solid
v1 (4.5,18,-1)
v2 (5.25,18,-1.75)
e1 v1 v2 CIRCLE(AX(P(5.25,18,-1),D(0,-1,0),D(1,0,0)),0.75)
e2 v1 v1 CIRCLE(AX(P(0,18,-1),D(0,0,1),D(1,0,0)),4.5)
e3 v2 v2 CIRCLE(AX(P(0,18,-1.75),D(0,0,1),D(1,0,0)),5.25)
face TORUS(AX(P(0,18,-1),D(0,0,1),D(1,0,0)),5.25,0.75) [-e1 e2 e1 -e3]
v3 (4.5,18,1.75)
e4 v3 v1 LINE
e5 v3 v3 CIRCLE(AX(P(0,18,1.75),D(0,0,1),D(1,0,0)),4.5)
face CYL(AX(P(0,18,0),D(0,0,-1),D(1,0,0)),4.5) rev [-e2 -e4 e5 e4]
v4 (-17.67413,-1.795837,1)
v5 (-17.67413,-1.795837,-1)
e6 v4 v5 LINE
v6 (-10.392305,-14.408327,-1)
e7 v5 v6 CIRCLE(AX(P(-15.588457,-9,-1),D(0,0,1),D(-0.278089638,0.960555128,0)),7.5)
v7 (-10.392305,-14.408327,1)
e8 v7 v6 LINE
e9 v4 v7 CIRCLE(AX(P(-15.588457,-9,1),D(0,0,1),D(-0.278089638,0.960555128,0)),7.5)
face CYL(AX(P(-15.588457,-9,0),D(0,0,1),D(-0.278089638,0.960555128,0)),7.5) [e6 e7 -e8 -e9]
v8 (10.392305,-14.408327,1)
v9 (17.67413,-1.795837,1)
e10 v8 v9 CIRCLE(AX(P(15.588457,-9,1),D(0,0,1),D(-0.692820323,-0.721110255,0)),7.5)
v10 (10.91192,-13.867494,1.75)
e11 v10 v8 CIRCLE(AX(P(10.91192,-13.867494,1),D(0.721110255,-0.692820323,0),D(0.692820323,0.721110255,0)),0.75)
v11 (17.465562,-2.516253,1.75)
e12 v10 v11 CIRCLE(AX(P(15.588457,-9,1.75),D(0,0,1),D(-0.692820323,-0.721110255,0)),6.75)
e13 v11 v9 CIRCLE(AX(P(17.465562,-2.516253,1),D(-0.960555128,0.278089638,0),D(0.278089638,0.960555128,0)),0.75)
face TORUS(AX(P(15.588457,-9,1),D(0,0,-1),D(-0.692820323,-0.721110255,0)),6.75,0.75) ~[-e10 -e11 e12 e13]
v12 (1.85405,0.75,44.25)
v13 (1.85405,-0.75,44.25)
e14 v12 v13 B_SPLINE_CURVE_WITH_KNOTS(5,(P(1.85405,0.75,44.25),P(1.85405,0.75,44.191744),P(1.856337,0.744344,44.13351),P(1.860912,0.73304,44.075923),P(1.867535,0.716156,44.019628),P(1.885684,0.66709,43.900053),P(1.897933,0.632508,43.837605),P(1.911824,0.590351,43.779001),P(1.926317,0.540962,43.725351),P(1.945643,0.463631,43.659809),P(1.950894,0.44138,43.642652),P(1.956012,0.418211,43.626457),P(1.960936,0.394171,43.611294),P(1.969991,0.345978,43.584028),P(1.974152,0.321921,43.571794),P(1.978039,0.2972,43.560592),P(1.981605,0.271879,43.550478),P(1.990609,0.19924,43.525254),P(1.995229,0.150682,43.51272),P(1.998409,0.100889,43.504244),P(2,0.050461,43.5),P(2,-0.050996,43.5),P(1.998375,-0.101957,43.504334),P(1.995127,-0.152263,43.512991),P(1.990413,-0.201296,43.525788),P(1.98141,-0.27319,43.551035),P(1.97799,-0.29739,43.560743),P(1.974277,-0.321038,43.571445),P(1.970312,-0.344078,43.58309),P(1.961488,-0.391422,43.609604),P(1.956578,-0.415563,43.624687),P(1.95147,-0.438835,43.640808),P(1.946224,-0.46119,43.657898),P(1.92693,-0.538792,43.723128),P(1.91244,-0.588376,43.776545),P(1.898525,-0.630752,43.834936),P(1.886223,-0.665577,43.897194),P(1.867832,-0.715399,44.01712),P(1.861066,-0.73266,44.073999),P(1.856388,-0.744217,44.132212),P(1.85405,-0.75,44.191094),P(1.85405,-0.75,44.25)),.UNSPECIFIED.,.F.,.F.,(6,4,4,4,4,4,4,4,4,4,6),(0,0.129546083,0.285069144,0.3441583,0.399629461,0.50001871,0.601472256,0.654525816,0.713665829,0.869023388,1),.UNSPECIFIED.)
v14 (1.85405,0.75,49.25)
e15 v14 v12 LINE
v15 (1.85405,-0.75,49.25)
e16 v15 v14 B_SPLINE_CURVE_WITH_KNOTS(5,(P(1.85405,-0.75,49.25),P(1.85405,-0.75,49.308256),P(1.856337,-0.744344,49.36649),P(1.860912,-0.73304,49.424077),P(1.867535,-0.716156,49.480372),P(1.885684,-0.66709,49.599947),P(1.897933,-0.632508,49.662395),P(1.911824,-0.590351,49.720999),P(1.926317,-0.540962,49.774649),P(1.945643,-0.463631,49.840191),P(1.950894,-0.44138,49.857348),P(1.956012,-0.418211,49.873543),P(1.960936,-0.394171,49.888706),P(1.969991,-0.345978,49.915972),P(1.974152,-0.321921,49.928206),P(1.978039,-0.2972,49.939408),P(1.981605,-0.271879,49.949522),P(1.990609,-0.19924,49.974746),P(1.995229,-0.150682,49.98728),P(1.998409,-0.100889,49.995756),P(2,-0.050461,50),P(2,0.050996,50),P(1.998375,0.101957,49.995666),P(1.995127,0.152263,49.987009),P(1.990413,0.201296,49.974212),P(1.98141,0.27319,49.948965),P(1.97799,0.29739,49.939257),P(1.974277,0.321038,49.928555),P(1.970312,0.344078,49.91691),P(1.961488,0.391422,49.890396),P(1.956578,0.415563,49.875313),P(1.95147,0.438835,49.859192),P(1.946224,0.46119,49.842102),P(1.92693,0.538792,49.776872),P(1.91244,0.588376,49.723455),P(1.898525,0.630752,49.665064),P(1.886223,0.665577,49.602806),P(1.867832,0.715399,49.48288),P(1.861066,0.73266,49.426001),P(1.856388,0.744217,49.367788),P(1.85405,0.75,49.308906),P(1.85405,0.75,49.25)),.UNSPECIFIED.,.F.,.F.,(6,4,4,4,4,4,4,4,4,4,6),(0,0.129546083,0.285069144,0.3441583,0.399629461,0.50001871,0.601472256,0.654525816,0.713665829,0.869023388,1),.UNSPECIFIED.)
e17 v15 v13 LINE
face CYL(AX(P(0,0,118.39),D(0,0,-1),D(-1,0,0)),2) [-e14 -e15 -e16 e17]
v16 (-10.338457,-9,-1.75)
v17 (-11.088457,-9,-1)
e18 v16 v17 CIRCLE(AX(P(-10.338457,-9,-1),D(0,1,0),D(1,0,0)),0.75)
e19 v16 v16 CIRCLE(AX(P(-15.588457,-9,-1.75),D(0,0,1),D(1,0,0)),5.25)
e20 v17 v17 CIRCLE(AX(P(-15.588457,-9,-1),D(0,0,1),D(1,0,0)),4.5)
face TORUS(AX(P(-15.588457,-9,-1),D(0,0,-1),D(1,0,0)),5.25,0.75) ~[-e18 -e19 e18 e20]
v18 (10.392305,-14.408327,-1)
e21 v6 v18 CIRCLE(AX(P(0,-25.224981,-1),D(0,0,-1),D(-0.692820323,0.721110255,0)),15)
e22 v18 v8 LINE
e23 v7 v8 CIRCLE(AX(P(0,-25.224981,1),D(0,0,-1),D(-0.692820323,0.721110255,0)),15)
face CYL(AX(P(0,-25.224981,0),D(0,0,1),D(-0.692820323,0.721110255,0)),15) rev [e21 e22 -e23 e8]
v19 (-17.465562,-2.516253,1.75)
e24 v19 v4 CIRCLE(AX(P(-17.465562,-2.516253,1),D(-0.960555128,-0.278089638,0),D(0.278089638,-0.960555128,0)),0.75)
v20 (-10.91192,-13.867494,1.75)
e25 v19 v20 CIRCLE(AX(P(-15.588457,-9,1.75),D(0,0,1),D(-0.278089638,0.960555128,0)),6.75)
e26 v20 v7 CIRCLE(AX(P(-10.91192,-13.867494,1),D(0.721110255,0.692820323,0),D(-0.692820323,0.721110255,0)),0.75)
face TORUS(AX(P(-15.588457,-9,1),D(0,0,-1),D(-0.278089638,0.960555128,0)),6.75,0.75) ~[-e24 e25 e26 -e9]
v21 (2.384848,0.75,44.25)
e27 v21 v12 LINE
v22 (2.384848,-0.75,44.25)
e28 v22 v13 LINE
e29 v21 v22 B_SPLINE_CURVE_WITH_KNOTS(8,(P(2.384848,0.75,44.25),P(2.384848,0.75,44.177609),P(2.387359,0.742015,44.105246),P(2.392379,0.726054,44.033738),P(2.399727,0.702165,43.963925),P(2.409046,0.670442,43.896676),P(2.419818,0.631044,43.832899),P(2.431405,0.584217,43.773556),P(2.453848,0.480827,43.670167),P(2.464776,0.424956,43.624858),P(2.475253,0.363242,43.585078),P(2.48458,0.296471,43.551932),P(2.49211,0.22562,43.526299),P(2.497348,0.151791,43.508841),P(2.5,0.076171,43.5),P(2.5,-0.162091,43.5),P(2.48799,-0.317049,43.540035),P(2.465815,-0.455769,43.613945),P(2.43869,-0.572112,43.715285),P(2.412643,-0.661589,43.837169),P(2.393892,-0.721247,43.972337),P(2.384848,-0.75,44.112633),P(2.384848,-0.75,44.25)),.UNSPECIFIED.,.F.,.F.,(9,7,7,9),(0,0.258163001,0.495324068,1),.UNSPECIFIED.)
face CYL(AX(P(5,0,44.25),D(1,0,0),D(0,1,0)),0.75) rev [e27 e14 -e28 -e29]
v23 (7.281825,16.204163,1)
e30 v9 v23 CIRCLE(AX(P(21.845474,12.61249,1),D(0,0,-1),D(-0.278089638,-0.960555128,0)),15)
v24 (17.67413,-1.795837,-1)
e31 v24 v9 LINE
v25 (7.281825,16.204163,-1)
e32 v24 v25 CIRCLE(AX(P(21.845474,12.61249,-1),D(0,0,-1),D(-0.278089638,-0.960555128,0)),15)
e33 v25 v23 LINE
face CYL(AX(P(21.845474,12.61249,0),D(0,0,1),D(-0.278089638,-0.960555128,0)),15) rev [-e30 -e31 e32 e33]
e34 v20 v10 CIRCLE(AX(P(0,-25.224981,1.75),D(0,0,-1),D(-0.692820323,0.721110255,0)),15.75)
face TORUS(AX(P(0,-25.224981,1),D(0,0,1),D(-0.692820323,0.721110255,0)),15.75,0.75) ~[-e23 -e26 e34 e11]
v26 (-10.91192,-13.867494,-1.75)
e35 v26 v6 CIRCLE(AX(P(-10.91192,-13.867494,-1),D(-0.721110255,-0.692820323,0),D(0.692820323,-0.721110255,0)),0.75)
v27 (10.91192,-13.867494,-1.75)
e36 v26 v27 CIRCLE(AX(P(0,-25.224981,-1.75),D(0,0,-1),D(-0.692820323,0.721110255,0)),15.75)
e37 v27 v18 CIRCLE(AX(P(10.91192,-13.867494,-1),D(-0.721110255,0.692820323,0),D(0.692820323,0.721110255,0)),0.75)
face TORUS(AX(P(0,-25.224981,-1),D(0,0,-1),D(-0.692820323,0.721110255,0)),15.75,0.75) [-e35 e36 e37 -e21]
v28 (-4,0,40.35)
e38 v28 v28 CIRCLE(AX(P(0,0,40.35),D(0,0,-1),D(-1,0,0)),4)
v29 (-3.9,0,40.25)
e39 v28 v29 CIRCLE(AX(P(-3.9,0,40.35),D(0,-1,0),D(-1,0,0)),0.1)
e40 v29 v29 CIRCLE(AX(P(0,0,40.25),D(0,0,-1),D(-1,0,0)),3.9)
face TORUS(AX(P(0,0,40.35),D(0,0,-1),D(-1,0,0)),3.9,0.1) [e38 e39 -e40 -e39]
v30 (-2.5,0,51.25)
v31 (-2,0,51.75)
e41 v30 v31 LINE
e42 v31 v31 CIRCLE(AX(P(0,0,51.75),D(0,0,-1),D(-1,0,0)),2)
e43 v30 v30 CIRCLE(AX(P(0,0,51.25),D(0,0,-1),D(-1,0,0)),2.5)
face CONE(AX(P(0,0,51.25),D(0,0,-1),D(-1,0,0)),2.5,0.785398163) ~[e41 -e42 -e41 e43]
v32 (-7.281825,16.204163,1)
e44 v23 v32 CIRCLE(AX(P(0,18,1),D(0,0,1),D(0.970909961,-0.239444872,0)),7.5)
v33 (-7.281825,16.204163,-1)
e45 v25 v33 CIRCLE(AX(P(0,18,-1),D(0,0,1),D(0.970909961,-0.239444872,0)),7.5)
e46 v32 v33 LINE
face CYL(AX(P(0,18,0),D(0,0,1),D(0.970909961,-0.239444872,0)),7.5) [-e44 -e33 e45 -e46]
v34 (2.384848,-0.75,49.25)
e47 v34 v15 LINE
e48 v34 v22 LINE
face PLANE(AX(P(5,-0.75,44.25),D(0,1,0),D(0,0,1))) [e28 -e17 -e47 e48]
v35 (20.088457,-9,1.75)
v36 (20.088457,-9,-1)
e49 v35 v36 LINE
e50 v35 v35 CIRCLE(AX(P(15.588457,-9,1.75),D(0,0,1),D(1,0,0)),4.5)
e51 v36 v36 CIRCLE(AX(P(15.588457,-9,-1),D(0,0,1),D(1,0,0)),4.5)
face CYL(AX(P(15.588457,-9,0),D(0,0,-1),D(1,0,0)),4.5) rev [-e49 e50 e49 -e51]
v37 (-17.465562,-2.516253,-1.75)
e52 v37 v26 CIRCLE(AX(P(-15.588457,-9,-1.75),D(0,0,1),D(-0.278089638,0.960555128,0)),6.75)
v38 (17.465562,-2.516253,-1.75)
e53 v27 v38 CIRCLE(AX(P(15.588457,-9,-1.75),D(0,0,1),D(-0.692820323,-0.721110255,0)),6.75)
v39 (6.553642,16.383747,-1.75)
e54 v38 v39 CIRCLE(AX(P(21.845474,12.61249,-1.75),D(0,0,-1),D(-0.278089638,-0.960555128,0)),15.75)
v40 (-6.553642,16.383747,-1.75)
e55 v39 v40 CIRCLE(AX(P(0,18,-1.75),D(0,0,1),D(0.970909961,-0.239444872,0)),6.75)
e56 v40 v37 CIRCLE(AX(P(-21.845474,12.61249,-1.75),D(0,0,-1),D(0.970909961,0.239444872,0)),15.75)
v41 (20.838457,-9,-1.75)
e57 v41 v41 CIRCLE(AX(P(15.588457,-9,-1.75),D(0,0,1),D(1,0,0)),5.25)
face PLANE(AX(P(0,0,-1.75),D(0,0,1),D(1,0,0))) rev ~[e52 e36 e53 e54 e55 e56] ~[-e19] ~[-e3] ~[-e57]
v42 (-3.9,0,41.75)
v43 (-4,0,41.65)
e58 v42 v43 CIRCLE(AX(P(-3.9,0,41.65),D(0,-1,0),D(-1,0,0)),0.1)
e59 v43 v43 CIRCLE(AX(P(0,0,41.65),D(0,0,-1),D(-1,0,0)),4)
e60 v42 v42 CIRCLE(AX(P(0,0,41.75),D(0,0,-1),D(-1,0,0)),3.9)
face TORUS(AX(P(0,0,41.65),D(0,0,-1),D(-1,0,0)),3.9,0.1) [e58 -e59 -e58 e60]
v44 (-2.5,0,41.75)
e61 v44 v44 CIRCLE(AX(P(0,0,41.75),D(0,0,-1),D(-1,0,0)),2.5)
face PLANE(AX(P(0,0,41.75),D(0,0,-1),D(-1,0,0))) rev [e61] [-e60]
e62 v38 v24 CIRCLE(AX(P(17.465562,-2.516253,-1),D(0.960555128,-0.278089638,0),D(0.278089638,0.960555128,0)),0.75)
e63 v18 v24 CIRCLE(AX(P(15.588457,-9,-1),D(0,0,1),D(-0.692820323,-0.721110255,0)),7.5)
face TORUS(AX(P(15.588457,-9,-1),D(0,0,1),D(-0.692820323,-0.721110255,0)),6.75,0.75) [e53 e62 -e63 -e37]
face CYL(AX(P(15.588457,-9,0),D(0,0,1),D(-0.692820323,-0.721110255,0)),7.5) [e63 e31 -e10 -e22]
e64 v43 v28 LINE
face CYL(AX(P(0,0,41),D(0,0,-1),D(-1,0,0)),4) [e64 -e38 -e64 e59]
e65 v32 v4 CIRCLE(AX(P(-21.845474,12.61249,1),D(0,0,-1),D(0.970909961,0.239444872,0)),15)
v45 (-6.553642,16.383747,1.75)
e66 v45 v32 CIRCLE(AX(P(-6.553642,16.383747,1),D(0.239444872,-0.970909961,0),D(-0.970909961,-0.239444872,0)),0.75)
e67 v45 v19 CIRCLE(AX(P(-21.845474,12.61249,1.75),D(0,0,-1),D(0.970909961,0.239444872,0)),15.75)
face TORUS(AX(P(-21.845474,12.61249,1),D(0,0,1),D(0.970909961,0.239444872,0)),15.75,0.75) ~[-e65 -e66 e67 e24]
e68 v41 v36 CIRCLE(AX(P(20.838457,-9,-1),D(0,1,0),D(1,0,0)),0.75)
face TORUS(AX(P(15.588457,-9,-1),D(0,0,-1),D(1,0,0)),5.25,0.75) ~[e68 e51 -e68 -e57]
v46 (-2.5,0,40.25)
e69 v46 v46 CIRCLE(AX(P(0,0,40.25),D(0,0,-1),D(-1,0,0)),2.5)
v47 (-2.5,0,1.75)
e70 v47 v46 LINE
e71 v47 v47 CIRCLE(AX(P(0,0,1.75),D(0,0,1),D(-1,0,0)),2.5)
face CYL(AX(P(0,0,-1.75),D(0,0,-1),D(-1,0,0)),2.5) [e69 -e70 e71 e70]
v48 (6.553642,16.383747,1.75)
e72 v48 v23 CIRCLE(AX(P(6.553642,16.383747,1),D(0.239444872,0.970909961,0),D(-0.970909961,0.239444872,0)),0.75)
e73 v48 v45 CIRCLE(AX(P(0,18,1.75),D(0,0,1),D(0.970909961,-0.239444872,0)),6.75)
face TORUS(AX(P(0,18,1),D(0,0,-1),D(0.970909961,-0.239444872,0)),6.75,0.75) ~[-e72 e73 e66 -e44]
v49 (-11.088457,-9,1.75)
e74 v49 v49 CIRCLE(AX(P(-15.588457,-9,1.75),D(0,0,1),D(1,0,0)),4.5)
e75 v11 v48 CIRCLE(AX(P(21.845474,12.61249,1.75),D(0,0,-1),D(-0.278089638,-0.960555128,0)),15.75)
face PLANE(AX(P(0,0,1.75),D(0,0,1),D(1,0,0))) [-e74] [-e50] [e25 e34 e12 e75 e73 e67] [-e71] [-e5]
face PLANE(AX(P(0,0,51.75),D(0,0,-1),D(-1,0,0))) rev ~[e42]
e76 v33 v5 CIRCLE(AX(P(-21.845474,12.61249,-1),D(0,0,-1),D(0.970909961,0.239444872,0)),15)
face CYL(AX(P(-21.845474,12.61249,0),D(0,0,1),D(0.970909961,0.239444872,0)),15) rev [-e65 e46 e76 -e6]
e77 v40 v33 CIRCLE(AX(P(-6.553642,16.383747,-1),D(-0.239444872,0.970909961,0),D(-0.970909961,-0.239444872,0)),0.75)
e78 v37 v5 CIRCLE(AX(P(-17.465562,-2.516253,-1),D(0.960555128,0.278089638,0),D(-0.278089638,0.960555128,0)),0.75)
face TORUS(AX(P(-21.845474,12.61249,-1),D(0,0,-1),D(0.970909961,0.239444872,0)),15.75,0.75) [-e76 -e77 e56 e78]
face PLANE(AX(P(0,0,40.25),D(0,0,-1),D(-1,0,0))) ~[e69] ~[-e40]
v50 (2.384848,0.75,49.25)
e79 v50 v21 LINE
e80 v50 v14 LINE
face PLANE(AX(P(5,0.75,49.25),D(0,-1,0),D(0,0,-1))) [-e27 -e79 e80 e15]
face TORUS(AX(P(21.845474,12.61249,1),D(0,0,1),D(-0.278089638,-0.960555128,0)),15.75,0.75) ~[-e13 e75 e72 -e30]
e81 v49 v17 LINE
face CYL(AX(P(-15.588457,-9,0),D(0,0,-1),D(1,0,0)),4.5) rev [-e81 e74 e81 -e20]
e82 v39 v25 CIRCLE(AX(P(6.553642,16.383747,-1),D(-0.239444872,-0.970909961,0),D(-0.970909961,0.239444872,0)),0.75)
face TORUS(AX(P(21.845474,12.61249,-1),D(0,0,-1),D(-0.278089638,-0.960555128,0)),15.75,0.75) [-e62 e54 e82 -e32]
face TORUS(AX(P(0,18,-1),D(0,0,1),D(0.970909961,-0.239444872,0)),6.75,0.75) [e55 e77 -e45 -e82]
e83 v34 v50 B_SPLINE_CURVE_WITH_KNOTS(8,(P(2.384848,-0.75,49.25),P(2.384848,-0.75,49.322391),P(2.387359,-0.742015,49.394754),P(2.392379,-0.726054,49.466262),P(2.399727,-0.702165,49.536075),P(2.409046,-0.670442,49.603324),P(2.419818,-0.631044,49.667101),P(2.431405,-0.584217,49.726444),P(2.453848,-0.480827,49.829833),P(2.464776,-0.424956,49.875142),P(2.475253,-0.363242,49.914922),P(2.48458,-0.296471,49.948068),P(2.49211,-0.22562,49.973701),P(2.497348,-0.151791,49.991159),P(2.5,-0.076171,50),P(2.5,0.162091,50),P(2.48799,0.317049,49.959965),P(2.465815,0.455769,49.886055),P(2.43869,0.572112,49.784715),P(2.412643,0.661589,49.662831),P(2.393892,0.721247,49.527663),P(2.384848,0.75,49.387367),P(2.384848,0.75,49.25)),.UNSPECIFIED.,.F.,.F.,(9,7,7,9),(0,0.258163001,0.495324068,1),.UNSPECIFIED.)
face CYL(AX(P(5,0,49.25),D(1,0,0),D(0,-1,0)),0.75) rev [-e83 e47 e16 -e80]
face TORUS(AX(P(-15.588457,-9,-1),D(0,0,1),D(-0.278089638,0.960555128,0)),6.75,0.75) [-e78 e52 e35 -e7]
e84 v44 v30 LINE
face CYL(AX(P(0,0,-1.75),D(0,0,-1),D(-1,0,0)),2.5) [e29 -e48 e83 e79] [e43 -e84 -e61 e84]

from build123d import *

# Parameters (mm, degrees)
SKETCH2_R               = 2.5
SKETCH2_R_2             = 4.5
BOSS_EXTRUDE1_DEPTH     = 1.75
SKETCH6_R               = 2.5
BOSS_EXTRUDE2_DEPTH     = 53.5
FILLET1_R               = 0.75
SKETCH7_W               = 1.5
SKETCH7_H               = 1.5
CUT_EXTRUDE1_REACH      = 69.14
CUT_EXTRUDE1_END_RADIUS = 2
CUT_EXTRUDE1_START      = 5
CHAMFER1_SIZE           = 0.5
FILLET2_R               = 0.1


with BuildPart() as part:
    # Sketch2 → Boss-Extrude1 (new, symmetric)
    with BuildSketch(Plane.XY):
        with BuildLine():
            ThreePointArc((-10.392304845, -14.408326913), (0, -10.22498074), (10.392304845, -14.408326913))
            ThreePointArc((10.392304845, -14.408326913), (22.083647797, -12.75), (17.674129556, -1.795836543))
            ThreePointArc((17.674129556, -1.795836543), (8.855093074, 5.11249037), (7.28182471, 16.204163457))
            ThreePointArc((7.28182471, 16.204163457), (0, 25.5), (-7.28182471, 16.204163457))
            ThreePointArc((-7.28182471, 16.204163457), (-8.855093074, 5.11249037), (-17.674129556, -1.795836543))
            ThreePointArc((-17.674129556, -1.795836543), (-22.083647797, -12.75), (-10.392304845, -14.408326913))
        make_face()
        Circle(SKETCH2_R, mode=Mode.SUBTRACT)
        with Locations((0, 18)):
            Circle(SKETCH2_R_2, mode=Mode.SUBTRACT)
        with Locations((-15.588457268, -9)):
            Circle(SKETCH2_R_2, mode=Mode.SUBTRACT)
        with Locations((15.588457268, -9)):
            Circle(SKETCH2_R_2, mode=Mode.SUBTRACT)
    extrude(amount=BOSS_EXTRUDE1_DEPTH, both=True)

    # Sketch6 → Boss-Extrude2 (add)
    with BuildSketch(Plane(origin=(0, 0, -1.75), x_dir=(-1, 0, 0), z_dir=(0, 0, -1))):
        Circle(SKETCH6_R)
    extrude(amount=-BOSS_EXTRUDE2_DEPTH)

    # Fillet1
    fillet1_edges = [part.edges().sort_by_distance(p)[0] for p in [
        (-22.083647797, -12.75, -1.75),
        (-8.855093074, 5.11249037, -1.75),
        (0, 25.5, -1.75),
        (8.855093074, 5.11249037, -1.75),
        (22.083647797, -12.75, -1.75),
        (0, -10.22498074, -1.75),
        (11.088457268, -9, -1.75),
        (-20.088457268, -9, -1.75),
        (-4.5, 18, -1.75),
        (0, -10.22498074, 1.75),
        (22.083647797, -12.75, 1.75),
        (8.855093074, 5.11249037, 1.75),
        (0, 25.5, 1.75),
        (-8.855093074, 5.11249037, 1.75),
        (-22.083647797, -12.75, 1.75),
    ]]
    fillet(fillet1_edges, radius=FILLET1_R)

    # Sketch7 → Revolve1 (revolve)
    with BuildSketch(Plane(origin=(0, 0, 0), x_dir=(1, 0, 0), z_dir=(0, 1, 0)), mode=Mode.PRIVATE) as revolve1_sk:
        with Locations((3.25, -41)):
            Rectangle(SKETCH7_W, SKETCH7_H)
    revolve(revolve1_sk.sketch.rotate(Axis((0, 0, 51.75), (0, 0, -1)), 180), axis=Axis((0, 0, 51.75), (0, 0, -1)))

    # Cut-Extrude1: up to this cylinder (the profile starts outside it)
    cut_extrude1_end = Plane(origin=(0, 0, 46.75), z_dir=(0, 0, -1)) * Cylinder(CUT_EXTRUDE1_END_RADIUS, 143.28, mode=Mode.PRIVATE)
    # Sketch8 → Cut-Extrude1 (cut, up to the surface)
    with BuildSketch(Plane(origin=(0, 0, 0), x_dir=(0, 0, -1), z_dir=(1, 0, 0)).offset(CUT_EXTRUDE1_START), mode=Mode.PRIVATE) as cut_extrude1_sk1:
        with BuildLine():
            Line((-49.25, 0.75), (-44.25, 0.75))
            ThreePointArc((-44.25, 0.75), (-43.5, 0), (-44.25, -0.75))
            Line((-44.25, -0.75), (-49.25, -0.75))
            ThreePointArc((-49.25, -0.75), (-50, 0), (-49.25, 0.75))
        make_face()
    cut_extrude1_tool1 = extrude(cut_extrude1_sk1.sketch, amount=-CUT_EXTRUDE1_REACH, mode=Mode.PRIVATE) - cut_extrude1_end
    add(cut_extrude1_tool1.solids().sort_by_distance((5, 0, 46.75))[0], mode=Mode.SUBTRACT)

    # Chamfer1
    chamfer1_edges = [part.edges().sort_by_distance(p)[0] for p in [
        (2.5, 0, 51.75),
    ]]
    chamfer(chamfer1_edges, length=CHAMFER1_SIZE)

    # Fillet2
    fillet2_edges = [part.edges().sort_by_distance(p)[0] for p in [
        (4, 0, 41.75),
        (4, 0, 40.25),
    ]]
    fillet(fillet2_edges, radius=FILLET2_R)


solid = part.part
